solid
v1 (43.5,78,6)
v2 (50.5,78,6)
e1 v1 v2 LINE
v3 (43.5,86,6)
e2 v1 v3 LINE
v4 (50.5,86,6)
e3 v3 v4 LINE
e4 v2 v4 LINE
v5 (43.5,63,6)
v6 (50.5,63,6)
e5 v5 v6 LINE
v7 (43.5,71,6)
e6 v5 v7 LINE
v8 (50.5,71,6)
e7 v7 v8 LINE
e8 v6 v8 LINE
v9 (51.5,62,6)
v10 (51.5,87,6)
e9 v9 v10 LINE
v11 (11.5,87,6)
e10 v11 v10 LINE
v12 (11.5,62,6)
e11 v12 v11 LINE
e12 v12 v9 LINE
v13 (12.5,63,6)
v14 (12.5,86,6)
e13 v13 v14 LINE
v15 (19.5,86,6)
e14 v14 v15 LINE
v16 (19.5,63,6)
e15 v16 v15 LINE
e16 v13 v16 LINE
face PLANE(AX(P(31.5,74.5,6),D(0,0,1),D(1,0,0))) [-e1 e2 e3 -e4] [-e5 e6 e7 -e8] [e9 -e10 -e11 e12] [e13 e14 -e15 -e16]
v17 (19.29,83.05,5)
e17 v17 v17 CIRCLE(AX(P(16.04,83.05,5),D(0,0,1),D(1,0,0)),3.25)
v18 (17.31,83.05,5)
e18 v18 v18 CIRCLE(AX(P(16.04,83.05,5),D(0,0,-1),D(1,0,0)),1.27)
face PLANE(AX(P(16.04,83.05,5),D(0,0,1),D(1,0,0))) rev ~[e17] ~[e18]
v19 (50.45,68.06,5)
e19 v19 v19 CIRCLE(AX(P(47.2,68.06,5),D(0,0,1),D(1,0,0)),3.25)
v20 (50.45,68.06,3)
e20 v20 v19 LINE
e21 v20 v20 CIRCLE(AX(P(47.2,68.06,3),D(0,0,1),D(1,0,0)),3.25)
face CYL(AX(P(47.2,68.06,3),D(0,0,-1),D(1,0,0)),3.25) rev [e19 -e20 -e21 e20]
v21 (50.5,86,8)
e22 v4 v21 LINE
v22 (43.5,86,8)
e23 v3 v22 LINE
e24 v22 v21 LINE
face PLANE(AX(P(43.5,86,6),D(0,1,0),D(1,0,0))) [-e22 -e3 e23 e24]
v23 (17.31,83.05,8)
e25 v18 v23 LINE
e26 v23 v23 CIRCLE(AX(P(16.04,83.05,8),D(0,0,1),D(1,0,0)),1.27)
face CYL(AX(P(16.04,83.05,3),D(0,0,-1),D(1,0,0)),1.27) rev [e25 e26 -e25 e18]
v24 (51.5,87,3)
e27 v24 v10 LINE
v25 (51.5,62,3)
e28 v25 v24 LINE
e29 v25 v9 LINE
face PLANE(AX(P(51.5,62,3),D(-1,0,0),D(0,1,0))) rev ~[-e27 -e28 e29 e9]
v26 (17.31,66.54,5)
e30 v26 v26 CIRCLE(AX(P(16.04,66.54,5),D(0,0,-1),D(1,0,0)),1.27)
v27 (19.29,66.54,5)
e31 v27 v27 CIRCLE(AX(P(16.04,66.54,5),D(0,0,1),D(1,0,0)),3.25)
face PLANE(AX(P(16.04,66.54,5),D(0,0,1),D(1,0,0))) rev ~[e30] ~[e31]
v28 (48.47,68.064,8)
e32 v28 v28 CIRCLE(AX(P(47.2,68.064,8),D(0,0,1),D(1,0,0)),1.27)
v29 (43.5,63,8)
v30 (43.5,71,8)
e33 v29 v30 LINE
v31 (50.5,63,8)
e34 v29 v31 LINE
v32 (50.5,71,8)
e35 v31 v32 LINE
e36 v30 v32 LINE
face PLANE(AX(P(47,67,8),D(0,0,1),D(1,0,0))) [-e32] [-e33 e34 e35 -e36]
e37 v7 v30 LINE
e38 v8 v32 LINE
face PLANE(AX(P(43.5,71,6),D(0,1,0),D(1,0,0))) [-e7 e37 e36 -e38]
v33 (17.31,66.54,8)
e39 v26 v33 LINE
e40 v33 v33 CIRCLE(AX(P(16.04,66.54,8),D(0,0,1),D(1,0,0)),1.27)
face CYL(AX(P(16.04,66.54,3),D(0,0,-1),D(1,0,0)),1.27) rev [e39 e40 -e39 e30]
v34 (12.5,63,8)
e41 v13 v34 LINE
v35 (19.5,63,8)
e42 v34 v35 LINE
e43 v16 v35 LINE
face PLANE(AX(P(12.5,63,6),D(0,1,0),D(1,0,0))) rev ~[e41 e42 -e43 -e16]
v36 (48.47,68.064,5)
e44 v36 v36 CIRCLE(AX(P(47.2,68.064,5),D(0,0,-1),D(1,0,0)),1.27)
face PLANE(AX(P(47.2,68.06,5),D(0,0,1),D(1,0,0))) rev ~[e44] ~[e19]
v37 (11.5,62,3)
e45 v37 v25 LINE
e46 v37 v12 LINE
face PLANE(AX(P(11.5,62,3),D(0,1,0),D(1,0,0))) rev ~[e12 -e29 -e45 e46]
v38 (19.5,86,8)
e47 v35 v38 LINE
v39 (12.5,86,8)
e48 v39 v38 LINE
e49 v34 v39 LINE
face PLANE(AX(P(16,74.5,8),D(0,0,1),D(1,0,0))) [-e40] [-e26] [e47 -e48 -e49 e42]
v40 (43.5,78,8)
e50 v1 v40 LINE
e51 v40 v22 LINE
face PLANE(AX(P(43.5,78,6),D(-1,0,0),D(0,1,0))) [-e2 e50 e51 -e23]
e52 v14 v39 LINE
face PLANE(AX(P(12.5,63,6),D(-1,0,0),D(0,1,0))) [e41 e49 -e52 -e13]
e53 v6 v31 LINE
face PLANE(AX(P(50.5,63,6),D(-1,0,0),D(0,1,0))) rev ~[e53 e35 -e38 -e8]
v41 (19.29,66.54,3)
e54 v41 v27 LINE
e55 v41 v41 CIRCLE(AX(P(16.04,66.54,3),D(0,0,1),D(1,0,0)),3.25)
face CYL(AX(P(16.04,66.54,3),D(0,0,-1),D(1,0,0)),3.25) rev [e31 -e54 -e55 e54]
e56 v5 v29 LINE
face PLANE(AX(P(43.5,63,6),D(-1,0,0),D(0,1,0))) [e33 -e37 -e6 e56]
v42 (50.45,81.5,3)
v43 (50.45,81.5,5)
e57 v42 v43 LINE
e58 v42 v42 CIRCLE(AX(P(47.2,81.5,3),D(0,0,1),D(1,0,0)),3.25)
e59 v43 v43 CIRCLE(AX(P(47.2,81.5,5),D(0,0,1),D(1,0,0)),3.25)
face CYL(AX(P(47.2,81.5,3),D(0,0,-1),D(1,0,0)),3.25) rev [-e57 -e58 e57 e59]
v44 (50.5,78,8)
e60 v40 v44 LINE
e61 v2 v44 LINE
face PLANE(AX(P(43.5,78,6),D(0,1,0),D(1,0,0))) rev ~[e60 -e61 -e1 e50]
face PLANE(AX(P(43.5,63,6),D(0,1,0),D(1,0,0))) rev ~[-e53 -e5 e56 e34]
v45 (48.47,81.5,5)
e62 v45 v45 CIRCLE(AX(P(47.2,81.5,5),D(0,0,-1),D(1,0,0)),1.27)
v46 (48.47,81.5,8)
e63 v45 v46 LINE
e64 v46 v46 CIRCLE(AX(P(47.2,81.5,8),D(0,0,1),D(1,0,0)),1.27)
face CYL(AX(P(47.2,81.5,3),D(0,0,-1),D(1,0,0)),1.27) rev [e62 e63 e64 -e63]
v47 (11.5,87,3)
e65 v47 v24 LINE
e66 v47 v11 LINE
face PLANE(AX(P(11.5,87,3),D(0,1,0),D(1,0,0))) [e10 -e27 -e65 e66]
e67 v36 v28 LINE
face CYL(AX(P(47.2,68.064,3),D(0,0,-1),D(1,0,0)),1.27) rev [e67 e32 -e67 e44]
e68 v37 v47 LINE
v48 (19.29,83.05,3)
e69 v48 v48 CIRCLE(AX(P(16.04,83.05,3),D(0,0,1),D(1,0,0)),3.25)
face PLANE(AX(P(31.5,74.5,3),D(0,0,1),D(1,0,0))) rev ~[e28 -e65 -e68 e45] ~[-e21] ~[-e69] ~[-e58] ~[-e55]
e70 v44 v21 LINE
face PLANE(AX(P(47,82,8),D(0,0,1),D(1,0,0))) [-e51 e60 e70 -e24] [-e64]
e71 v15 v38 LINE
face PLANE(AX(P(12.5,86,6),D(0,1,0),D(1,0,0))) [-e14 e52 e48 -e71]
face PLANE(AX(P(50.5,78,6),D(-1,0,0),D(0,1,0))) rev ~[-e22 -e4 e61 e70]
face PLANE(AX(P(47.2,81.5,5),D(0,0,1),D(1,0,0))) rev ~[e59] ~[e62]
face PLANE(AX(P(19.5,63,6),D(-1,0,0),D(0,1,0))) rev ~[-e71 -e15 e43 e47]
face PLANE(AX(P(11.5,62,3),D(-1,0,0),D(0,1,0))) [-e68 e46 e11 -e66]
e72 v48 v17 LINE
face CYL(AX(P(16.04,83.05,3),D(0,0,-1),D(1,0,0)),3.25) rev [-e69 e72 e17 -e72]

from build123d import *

# Parameters (mm, degrees)
CYLINDER040_R     = 3.25
CYLINDER040_DEPTH = 2
CYLINDER041_R     = 3.25
CYLINDER041_DEPTH = 2
CYLINDER042_R     = 3.25
CYLINDER042_DEPTH = 2
CYLINDER039_R     = 3.25
CYLINDER039_DEPTH = 2
CYLINDER035_R     = 1.27
CYLINDER035_DEPTH = 5
CYLINDER037_R     = 1.27
CYLINDER037_DEPTH = 5
CYLINDER038_R     = 1.27
CYLINDER038_DEPTH = 5
CYLINDER036_R     = 1.27
CYLINDER036_DEPTH = 5
BOX021_W          = 7
BOX021_H          = 8
BOX021_DEPTH      = 2
BOX022_W          = 7
BOX022_H          = 8
BOX022_DEPTH      = 2
BOX020_W          = 7
BOX020_H          = 23
BOX020_DEPTH      = 2
BOX019_W          = 40
BOX019_H          = 25
BOX019_DEPTH      = 3


with BuildPart() as cylinder040:
    # Cylinder040 → Cylinder040 (new body)
    with BuildSketch(Plane(origin=(3.54, 3.54, 0), x_dir=(1, 0, 0), z_dir=(0, 0, 1))):
        Circle(CYLINDER040_R)
    extrude(amount=CYLINDER040_DEPTH)


with BuildPart() as cylinder041:
    # Cylinder041 → Cylinder041 (new body)
    with BuildSketch(Plane(origin=(34.7, 18.5, 0), x_dir=(1, 0, 0), z_dir=(0, 0, 1))):
        Circle(CYLINDER041_R)
    extrude(amount=CYLINDER041_DEPTH)


with BuildPart() as cylinder042:
    # Cylinder042 → Cylinder042 (new body)
    with BuildSketch(Plane(origin=(34.7, 5.06, 0), x_dir=(1, 0, 0), z_dir=(0, 0, 1))):
        Circle(CYLINDER042_R)
    extrude(amount=CYLINDER042_DEPTH)


with BuildPart() as washer_bolt_holes:
    # Cylinder039 → Cylinder039 (new body)
    with BuildSketch(Plane(origin=(3.54, 20.05, 0), x_dir=(1, 0, 0), z_dir=(0, 0, 1))):
        Circle(CYLINDER039_R)
    extrude(amount=CYLINDER039_DEPTH)

    # Fusion023: union Cylinder040, Cylinder041, Cylinder042
    add(cylinder040.part)
    add(cylinder041.part)
    add(cylinder042.part)


with BuildPart() as cylinder035:
    # Cylinder035 → Cylinder035 (new body)
    with BuildSketch(Plane(origin=(2.54, 19.05, 0), x_dir=(1, 0, 0), z_dir=(0, 0, 1))):
        Circle(CYLINDER035_R)
    extrude(amount=CYLINDER035_DEPTH)


with BuildPart() as cylinder037:
    # Cylinder037 → Cylinder037 (new body)
    with BuildSketch(Plane(origin=(33.7, 17.5, 0), x_dir=(1, 0, 0), z_dir=(0, 0, 1))):
        Circle(CYLINDER037_R)
    extrude(amount=CYLINDER037_DEPTH)


with BuildPart() as cylinder038:
    # Cylinder038 → Cylinder038 (new body)
    with BuildSketch(Plane(origin=(33.7, 4.064, 0), x_dir=(1, 0, 0), z_dir=(0, 0, 1))):
        Circle(CYLINDER038_R)
    extrude(amount=CYLINDER038_DEPTH)


with BuildPart() as complete_blackplate_holes:
    # Cylinder036 → Cylinder036 (new body)
    with BuildSketch(Plane(origin=(2.54, 2.54, 0), x_dir=(1, 0, 0), z_dir=(0, 0, 1))):
        Circle(CYLINDER036_R)
    extrude(amount=CYLINDER036_DEPTH)

    # Fusion021: union Cylinder035, Cylinder037, Cylinder038
    add(cylinder035.part)
    add(cylinder037.part)
    add(cylinder038.part)


with BuildPart() as complete_blackplate_holes_1:
    # Fusion021 placement: moved
    add(complete_blackplate_holes.part.moved(Location((1, 1, 0))))

    # Fusion024: union Washer Bolt Holes
    add(washer_bolt_holes.part)


with BuildPart() as cube012:
    # Box021 → Box021 (new body)
    with BuildSketch(Plane(origin=(31, 15, 3), x_dir=(1, 0, 0), z_dir=(0, 0, 1))):
        with Locations((3.5, 4)):
            Rectangle(BOX021_W, BOX021_H)
    extrude(amount=BOX021_DEPTH)


with BuildPart() as cube013:
    # Box022 → Box022 (new body)
    with BuildSketch(Plane(origin=(31, 0, 3), x_dir=(1, 0, 0), z_dir=(0, 0, 1))):
        with Locations((3.5, 4)):
            Rectangle(BOX022_W, BOX022_H)
    extrude(amount=BOX022_DEPTH)


with BuildPart() as standoff_blocks:
    # Box020 → Box020 (new body)
    with BuildSketch(Plane.XY.offset(3)):
        with Locations((3.5, 11.5)):
            Rectangle(BOX020_W, BOX020_H)
    extrude(amount=BOX020_DEPTH)

    # Fusion022: union Cube012, Cube013
    add(cube012.part)
    add(cube013.part)


with BuildPart() as regulator_base:
    # Box019 → Box019 (new body)
    with BuildSketch(Plane(origin=(-1, -1, 0), x_dir=(1, 0, 0), z_dir=(0, 0, 1))):
        with Locations((20, 12.5)):
            Rectangle(BOX019_W, BOX019_H)
    extrude(amount=BOX019_DEPTH)

    # Fusion025: union Standoff Blocks
    add(standoff_blocks.part)

    # Cut012: cut Complete Blackplate Holes
    add(complete_blackplate_holes_1.part, mode=Mode.SUBTRACT)


with BuildPart() as regulator_base_1:
    # Cut012 placement: moved
    add(regulator_base.part.moved(Location((12.5, 63, 3))))


solid = regulator_base_1.part
